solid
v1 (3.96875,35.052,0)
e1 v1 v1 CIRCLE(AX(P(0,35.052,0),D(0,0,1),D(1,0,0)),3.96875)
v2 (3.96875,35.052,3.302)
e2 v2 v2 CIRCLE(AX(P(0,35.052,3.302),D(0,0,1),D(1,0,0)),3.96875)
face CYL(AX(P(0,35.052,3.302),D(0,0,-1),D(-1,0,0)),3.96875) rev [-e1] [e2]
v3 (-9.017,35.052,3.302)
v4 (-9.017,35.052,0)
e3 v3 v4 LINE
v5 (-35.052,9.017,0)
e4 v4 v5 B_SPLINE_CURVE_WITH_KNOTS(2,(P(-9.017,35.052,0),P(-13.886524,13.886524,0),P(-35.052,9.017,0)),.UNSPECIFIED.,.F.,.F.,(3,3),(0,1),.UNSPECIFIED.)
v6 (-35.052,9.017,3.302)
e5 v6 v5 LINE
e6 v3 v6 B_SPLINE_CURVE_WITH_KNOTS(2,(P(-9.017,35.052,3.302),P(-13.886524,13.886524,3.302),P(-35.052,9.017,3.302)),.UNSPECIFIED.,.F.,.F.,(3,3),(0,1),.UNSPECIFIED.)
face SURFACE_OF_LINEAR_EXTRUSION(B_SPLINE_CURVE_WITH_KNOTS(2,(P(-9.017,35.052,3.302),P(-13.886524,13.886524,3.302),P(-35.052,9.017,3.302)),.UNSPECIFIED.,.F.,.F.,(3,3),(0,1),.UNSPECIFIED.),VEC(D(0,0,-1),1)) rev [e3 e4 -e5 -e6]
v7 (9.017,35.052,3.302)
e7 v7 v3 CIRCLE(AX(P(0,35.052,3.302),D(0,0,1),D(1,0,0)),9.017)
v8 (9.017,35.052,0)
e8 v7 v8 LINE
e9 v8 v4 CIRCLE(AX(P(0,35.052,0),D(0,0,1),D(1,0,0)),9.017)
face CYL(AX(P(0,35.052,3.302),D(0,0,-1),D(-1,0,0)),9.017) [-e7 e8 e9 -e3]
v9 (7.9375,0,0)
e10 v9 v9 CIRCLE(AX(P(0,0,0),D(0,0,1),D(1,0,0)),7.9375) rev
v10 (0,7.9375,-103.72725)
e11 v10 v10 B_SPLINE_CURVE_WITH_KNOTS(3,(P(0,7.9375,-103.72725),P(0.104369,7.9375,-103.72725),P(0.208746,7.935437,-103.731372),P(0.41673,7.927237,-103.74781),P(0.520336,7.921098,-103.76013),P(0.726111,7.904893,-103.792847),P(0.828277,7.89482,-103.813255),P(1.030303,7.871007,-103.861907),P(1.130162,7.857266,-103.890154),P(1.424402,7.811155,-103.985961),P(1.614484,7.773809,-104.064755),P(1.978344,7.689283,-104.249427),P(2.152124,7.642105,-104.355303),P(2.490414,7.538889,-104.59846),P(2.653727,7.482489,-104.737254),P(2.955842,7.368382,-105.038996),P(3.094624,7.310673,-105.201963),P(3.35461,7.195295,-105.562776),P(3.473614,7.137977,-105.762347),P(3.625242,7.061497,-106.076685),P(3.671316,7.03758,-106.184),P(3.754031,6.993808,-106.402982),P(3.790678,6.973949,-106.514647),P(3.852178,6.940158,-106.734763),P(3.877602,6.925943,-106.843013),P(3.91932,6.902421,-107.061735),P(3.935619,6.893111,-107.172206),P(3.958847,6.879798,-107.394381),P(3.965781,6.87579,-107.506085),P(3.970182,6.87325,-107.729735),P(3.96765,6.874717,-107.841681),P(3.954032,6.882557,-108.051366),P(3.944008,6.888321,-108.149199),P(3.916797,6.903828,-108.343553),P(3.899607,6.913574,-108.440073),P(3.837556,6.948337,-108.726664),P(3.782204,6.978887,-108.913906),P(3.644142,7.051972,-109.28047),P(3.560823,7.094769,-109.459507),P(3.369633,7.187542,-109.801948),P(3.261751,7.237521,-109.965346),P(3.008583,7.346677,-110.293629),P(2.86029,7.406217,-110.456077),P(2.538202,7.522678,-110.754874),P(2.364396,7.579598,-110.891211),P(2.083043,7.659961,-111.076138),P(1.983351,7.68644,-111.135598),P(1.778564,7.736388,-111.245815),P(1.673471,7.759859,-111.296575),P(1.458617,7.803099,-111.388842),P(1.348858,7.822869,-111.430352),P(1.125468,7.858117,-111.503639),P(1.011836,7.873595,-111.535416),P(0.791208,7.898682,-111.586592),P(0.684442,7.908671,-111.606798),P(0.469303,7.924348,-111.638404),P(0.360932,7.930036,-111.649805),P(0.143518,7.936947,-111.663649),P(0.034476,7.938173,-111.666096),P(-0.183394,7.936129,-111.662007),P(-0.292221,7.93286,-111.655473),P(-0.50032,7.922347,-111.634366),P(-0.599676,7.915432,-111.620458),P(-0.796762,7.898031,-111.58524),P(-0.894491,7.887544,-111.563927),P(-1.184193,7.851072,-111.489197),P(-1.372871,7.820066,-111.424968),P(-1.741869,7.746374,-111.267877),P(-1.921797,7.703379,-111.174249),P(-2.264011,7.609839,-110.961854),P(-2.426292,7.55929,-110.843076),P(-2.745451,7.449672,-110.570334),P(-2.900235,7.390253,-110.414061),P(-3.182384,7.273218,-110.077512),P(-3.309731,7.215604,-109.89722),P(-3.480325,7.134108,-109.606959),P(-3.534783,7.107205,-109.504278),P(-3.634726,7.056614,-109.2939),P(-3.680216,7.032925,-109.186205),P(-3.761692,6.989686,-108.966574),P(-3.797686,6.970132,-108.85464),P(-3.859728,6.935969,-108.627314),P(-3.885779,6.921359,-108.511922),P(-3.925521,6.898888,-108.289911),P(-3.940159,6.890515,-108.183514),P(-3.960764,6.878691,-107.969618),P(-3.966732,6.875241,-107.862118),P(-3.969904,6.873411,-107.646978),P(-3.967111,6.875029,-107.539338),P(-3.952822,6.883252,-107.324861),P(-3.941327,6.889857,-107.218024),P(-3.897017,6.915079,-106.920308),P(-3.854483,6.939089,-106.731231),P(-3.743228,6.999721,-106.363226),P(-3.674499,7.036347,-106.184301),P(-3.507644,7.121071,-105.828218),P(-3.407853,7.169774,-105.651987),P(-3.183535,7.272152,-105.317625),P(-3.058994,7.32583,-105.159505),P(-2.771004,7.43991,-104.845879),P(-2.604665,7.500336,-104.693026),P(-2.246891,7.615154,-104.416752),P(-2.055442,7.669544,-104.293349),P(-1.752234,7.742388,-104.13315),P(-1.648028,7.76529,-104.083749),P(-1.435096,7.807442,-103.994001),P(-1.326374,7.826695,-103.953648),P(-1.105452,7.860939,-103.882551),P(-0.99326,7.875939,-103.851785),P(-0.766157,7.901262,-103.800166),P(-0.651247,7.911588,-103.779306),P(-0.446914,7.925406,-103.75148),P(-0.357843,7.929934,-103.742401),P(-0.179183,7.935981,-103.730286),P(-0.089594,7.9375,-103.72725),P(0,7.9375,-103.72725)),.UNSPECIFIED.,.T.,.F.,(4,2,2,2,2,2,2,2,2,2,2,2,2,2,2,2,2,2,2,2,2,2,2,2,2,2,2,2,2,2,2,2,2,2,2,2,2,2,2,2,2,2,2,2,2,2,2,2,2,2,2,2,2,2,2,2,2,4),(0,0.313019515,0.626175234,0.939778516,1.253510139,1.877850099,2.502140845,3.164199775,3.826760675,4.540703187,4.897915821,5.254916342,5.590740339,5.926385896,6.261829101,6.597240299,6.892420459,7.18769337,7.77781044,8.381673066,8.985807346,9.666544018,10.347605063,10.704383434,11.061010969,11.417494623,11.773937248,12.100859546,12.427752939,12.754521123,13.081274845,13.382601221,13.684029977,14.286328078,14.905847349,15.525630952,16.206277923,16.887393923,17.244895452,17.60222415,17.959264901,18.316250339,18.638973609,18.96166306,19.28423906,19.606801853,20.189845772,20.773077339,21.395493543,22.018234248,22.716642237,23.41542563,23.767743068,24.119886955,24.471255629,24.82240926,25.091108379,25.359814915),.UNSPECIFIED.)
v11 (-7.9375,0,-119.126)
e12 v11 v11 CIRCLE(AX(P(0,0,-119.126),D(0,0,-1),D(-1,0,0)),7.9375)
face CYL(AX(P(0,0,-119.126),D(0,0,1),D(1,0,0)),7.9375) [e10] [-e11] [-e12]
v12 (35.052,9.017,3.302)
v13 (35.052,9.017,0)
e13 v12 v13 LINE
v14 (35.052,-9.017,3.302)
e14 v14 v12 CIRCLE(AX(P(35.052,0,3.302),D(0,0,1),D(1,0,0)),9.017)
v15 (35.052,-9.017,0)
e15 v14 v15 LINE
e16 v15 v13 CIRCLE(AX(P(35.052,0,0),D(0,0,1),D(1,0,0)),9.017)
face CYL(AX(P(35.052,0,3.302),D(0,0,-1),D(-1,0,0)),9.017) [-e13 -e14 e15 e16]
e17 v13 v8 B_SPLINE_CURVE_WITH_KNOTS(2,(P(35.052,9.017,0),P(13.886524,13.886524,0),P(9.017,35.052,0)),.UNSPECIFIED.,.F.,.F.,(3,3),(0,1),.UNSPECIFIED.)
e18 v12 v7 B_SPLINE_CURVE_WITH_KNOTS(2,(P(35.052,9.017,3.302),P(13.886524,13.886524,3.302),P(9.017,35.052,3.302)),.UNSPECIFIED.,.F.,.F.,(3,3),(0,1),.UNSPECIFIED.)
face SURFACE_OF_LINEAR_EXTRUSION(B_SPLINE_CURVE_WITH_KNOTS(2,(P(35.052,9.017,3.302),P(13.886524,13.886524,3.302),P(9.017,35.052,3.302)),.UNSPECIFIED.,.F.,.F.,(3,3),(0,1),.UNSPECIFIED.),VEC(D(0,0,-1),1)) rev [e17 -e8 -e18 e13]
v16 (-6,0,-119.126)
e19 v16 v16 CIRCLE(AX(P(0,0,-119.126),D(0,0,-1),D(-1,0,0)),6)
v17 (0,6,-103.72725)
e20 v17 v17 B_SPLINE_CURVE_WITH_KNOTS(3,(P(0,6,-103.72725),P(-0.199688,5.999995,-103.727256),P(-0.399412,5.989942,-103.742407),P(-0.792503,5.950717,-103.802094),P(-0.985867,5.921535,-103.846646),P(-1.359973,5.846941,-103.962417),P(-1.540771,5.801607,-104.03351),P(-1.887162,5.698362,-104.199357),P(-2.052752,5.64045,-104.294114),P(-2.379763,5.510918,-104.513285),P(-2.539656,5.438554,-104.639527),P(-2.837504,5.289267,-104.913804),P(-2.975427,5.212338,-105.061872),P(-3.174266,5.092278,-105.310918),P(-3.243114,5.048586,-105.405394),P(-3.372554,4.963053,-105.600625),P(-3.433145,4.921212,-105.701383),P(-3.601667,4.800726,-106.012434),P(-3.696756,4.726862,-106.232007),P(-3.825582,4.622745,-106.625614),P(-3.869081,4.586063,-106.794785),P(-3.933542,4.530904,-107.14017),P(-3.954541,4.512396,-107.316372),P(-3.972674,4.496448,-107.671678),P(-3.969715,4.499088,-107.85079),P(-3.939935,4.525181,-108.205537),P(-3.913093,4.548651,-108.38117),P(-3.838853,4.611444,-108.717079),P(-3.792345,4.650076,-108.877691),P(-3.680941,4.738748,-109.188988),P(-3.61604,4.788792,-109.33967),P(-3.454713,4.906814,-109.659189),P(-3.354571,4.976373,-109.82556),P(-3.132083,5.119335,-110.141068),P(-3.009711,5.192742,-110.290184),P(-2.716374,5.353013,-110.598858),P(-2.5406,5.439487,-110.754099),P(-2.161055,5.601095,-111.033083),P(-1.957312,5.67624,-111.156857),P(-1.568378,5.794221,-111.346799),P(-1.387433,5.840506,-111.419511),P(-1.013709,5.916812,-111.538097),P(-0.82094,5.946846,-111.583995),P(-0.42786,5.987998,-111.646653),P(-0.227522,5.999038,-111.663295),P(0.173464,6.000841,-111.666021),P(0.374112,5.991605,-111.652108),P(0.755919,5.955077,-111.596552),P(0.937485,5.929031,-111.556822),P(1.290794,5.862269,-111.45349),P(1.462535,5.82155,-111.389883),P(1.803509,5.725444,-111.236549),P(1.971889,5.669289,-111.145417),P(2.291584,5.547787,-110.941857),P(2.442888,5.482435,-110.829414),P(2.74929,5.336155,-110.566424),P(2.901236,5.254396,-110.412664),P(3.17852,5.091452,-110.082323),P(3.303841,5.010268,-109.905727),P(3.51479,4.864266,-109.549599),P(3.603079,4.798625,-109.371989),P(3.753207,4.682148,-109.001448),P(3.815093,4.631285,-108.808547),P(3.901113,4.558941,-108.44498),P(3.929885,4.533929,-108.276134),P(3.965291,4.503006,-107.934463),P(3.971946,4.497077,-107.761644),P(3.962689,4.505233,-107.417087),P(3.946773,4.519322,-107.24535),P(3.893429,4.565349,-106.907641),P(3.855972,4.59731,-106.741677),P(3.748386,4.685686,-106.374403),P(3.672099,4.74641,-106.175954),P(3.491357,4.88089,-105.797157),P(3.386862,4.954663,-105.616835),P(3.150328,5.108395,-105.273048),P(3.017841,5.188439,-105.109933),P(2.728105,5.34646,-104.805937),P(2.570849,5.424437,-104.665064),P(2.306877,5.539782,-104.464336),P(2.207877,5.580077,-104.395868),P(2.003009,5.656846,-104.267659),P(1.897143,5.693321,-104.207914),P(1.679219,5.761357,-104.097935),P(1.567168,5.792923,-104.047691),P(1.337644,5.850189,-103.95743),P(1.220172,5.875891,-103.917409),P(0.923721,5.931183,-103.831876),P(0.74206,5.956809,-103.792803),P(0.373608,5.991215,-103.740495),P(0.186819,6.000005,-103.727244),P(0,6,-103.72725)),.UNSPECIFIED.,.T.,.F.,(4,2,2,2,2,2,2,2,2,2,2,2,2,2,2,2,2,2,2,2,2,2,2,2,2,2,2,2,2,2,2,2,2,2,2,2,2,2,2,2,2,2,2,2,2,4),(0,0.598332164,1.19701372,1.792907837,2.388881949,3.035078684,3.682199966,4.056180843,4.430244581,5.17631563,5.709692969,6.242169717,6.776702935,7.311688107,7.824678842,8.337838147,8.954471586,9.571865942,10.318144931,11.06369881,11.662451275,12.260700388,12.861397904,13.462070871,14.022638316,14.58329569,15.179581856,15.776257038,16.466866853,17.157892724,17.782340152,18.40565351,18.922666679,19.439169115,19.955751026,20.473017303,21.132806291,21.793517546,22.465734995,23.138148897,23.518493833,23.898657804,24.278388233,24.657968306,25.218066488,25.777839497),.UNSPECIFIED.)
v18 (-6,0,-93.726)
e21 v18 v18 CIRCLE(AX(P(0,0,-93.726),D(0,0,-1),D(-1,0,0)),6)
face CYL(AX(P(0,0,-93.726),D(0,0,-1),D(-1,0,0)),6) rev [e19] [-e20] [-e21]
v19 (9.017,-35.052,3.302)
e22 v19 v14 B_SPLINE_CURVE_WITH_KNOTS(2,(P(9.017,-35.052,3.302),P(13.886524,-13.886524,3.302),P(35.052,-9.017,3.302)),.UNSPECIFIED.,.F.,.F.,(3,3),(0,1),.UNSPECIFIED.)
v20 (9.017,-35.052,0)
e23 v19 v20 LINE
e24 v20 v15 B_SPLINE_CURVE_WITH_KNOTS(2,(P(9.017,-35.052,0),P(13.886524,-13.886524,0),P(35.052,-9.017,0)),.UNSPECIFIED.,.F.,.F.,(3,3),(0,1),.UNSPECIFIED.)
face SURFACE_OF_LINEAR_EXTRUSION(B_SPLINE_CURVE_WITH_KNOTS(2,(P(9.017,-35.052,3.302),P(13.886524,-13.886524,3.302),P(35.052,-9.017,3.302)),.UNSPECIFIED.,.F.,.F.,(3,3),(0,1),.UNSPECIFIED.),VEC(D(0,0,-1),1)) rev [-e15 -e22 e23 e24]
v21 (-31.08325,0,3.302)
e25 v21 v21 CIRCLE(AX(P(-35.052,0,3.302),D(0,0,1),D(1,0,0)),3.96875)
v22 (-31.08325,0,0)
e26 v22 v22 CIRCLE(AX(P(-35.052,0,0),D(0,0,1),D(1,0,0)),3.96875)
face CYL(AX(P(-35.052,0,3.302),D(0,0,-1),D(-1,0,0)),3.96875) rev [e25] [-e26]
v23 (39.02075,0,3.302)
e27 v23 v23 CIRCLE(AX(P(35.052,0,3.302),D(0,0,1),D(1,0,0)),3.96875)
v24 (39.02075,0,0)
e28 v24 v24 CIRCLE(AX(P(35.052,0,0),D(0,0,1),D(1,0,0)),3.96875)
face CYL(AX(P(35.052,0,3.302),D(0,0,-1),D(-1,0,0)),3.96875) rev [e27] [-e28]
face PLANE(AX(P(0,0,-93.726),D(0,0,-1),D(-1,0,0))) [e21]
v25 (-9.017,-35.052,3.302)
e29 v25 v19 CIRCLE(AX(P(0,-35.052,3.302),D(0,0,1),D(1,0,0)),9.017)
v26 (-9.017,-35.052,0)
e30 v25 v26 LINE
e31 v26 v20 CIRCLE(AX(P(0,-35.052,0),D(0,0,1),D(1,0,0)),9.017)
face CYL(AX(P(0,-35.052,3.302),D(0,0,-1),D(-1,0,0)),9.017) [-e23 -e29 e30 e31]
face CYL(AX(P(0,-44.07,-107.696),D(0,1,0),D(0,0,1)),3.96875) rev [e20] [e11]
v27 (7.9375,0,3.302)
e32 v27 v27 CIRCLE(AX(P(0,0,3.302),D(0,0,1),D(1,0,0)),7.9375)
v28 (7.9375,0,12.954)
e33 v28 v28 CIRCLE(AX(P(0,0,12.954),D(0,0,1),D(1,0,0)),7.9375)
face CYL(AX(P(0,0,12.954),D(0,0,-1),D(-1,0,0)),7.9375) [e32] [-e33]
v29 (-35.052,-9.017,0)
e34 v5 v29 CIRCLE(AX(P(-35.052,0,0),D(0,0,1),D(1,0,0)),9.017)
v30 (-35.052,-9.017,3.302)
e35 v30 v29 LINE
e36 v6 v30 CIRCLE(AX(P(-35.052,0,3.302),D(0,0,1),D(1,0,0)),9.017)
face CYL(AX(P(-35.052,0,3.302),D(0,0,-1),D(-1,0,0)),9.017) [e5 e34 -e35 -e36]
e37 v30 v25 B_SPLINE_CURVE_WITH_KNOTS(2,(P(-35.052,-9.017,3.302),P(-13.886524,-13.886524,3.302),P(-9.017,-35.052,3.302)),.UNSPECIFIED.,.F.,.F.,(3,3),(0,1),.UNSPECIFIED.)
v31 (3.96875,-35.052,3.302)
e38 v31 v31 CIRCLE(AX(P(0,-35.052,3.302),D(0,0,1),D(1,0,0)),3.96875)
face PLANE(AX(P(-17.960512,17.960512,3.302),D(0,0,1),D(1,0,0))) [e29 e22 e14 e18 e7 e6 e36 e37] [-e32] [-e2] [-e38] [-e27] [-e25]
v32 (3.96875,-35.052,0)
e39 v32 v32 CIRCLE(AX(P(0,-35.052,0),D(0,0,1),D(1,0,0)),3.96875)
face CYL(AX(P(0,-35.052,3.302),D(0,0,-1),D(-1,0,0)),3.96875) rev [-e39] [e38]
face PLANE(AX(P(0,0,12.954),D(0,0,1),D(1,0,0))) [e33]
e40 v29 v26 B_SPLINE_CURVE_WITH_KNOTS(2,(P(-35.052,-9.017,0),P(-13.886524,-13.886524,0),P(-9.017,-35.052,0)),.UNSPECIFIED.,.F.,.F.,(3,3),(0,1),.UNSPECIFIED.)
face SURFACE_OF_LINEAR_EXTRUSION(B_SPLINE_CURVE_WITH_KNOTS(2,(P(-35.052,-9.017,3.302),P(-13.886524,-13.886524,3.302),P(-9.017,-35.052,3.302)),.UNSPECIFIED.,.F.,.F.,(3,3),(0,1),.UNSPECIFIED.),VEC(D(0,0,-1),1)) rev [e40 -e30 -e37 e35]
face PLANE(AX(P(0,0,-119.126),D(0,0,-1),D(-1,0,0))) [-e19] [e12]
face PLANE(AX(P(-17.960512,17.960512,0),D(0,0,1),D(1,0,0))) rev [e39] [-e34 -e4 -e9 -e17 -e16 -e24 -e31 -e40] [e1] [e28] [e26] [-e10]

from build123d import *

# Parameters (mm, degrees)
SKETCH1_R           = 3.96875
BOSS_EXTRUDE1_DEPTH = 3.302
SKETCH2_R           = 7.9375
BOSS_EXTRUDE2_DEPTH = 9.652
SKETCH3_R           = 7.9375
BOSS_EXTRUDE3_DEPTH = 119.126
SKETCH4_R           = 6
CUT_EXTRUDE1_DEPTH  = 25.4
CUT_EXTRUDE2_REACH  = 56.229
SKETCH5_R           = 3.96875


with BuildPart() as part:
    # Sketch1 → Boss-Extrude1 (new body)
    with BuildSketch(Plane.XY):
        with BuildLine():
            ThreePointArc((9.017, 35.052), (0, 44.069), (-9.017, 35.052))
            add(Edge.make_bspline(
                [(-9.017, 35.052), (-13.886524484, 13.886524484), (-35.052, 9.017)],
                knots=[0, 0, 0, 1, 1, 1], degree=2))
            ThreePointArc((-35.052, 9.017), (-44.069, 0), (-35.052, -9.017))
            add(Edge.make_bspline(
                [(-35.052, -9.017), (-13.886524484, -13.886524484), (-9.017, -35.052)],
                knots=[0, 0, 0, 1, 1, 1], degree=2))
            ThreePointArc((-9.017, -35.052), (0, -44.069), (9.017, -35.052))
            add(Edge.make_bspline(
                [(35.052, -9.017), (13.886524484, -13.886524484), (9.017, -35.052)],
                knots=[0, 0, 0, 1, 1, 1], degree=2))
            ThreePointArc((35.052, -9.017), (44.069, 0), (35.052, 9.017))
            add(Edge.make_bspline(
                [(9.017, 35.052), (13.886524484, 13.886524484), (35.052, 9.017)],
                knots=[0, 0, 0, 1, 1, 1], degree=2))
        make_face()
        with Locations((0, 35.052)):
            Circle(SKETCH1_R, mode=Mode.SUBTRACT)
        with Locations((35.052, 0)):
            Circle(SKETCH1_R, mode=Mode.SUBTRACT)
        with Locations((0, -35.052)):
            Circle(SKETCH1_R, mode=Mode.SUBTRACT)
        with Locations((-35.052, 0)):
            Circle(SKETCH1_R, mode=Mode.SUBTRACT)
    extrude(amount=BOSS_EXTRUDE1_DEPTH)

    # Sketch2 → Boss-Extrude2 (add)
    with BuildSketch(Plane.XY.offset(3.302)):
        Circle(SKETCH2_R)
    extrude(amount=BOSS_EXTRUDE2_DEPTH)

    # Sketch3 → Boss-Extrude3 (add)
    with BuildSketch(Plane(origin=(0, 0, 0), x_dir=(-1, 0, 0), z_dir=(0, 0, -1))):
        Circle(SKETCH3_R)
    extrude(amount=BOSS_EXTRUDE3_DEPTH)

    # Sketch4 → Cut-Extrude1 (cut)
    with BuildSketch(Plane(origin=(0, 0, -119.126), x_dir=(-1, 0, 0), z_dir=(0, 0, -1))):
        Circle(SKETCH4_R)
    extrude(amount=-CUT_EXTRUDE1_DEPTH, mode=Mode.SUBTRACT)

    # Sketch5 → Cut-Extrude2 (cut, up to next)
    with BuildSketch(Plane(origin=(0, 10.16, 0), x_dir=(1, 0, 0), z_dir=(0, 1, 0)), mode=Mode.PRIVATE) as cut_extrude2_sk1:
        with Locations((0, 107.696)):
            Circle(SKETCH5_R)
    cut_extrude2_tool1 = extrude(cut_extrude2_sk1.sketch, amount=-CUT_EXTRUDE2_REACH, mode=Mode.PRIVATE) & part.part
    add(cut_extrude2_tool1.solids().sort_by_distance((0, 10.16, -107.696))[0], mode=Mode.SUBTRACT)


solid = part.part
